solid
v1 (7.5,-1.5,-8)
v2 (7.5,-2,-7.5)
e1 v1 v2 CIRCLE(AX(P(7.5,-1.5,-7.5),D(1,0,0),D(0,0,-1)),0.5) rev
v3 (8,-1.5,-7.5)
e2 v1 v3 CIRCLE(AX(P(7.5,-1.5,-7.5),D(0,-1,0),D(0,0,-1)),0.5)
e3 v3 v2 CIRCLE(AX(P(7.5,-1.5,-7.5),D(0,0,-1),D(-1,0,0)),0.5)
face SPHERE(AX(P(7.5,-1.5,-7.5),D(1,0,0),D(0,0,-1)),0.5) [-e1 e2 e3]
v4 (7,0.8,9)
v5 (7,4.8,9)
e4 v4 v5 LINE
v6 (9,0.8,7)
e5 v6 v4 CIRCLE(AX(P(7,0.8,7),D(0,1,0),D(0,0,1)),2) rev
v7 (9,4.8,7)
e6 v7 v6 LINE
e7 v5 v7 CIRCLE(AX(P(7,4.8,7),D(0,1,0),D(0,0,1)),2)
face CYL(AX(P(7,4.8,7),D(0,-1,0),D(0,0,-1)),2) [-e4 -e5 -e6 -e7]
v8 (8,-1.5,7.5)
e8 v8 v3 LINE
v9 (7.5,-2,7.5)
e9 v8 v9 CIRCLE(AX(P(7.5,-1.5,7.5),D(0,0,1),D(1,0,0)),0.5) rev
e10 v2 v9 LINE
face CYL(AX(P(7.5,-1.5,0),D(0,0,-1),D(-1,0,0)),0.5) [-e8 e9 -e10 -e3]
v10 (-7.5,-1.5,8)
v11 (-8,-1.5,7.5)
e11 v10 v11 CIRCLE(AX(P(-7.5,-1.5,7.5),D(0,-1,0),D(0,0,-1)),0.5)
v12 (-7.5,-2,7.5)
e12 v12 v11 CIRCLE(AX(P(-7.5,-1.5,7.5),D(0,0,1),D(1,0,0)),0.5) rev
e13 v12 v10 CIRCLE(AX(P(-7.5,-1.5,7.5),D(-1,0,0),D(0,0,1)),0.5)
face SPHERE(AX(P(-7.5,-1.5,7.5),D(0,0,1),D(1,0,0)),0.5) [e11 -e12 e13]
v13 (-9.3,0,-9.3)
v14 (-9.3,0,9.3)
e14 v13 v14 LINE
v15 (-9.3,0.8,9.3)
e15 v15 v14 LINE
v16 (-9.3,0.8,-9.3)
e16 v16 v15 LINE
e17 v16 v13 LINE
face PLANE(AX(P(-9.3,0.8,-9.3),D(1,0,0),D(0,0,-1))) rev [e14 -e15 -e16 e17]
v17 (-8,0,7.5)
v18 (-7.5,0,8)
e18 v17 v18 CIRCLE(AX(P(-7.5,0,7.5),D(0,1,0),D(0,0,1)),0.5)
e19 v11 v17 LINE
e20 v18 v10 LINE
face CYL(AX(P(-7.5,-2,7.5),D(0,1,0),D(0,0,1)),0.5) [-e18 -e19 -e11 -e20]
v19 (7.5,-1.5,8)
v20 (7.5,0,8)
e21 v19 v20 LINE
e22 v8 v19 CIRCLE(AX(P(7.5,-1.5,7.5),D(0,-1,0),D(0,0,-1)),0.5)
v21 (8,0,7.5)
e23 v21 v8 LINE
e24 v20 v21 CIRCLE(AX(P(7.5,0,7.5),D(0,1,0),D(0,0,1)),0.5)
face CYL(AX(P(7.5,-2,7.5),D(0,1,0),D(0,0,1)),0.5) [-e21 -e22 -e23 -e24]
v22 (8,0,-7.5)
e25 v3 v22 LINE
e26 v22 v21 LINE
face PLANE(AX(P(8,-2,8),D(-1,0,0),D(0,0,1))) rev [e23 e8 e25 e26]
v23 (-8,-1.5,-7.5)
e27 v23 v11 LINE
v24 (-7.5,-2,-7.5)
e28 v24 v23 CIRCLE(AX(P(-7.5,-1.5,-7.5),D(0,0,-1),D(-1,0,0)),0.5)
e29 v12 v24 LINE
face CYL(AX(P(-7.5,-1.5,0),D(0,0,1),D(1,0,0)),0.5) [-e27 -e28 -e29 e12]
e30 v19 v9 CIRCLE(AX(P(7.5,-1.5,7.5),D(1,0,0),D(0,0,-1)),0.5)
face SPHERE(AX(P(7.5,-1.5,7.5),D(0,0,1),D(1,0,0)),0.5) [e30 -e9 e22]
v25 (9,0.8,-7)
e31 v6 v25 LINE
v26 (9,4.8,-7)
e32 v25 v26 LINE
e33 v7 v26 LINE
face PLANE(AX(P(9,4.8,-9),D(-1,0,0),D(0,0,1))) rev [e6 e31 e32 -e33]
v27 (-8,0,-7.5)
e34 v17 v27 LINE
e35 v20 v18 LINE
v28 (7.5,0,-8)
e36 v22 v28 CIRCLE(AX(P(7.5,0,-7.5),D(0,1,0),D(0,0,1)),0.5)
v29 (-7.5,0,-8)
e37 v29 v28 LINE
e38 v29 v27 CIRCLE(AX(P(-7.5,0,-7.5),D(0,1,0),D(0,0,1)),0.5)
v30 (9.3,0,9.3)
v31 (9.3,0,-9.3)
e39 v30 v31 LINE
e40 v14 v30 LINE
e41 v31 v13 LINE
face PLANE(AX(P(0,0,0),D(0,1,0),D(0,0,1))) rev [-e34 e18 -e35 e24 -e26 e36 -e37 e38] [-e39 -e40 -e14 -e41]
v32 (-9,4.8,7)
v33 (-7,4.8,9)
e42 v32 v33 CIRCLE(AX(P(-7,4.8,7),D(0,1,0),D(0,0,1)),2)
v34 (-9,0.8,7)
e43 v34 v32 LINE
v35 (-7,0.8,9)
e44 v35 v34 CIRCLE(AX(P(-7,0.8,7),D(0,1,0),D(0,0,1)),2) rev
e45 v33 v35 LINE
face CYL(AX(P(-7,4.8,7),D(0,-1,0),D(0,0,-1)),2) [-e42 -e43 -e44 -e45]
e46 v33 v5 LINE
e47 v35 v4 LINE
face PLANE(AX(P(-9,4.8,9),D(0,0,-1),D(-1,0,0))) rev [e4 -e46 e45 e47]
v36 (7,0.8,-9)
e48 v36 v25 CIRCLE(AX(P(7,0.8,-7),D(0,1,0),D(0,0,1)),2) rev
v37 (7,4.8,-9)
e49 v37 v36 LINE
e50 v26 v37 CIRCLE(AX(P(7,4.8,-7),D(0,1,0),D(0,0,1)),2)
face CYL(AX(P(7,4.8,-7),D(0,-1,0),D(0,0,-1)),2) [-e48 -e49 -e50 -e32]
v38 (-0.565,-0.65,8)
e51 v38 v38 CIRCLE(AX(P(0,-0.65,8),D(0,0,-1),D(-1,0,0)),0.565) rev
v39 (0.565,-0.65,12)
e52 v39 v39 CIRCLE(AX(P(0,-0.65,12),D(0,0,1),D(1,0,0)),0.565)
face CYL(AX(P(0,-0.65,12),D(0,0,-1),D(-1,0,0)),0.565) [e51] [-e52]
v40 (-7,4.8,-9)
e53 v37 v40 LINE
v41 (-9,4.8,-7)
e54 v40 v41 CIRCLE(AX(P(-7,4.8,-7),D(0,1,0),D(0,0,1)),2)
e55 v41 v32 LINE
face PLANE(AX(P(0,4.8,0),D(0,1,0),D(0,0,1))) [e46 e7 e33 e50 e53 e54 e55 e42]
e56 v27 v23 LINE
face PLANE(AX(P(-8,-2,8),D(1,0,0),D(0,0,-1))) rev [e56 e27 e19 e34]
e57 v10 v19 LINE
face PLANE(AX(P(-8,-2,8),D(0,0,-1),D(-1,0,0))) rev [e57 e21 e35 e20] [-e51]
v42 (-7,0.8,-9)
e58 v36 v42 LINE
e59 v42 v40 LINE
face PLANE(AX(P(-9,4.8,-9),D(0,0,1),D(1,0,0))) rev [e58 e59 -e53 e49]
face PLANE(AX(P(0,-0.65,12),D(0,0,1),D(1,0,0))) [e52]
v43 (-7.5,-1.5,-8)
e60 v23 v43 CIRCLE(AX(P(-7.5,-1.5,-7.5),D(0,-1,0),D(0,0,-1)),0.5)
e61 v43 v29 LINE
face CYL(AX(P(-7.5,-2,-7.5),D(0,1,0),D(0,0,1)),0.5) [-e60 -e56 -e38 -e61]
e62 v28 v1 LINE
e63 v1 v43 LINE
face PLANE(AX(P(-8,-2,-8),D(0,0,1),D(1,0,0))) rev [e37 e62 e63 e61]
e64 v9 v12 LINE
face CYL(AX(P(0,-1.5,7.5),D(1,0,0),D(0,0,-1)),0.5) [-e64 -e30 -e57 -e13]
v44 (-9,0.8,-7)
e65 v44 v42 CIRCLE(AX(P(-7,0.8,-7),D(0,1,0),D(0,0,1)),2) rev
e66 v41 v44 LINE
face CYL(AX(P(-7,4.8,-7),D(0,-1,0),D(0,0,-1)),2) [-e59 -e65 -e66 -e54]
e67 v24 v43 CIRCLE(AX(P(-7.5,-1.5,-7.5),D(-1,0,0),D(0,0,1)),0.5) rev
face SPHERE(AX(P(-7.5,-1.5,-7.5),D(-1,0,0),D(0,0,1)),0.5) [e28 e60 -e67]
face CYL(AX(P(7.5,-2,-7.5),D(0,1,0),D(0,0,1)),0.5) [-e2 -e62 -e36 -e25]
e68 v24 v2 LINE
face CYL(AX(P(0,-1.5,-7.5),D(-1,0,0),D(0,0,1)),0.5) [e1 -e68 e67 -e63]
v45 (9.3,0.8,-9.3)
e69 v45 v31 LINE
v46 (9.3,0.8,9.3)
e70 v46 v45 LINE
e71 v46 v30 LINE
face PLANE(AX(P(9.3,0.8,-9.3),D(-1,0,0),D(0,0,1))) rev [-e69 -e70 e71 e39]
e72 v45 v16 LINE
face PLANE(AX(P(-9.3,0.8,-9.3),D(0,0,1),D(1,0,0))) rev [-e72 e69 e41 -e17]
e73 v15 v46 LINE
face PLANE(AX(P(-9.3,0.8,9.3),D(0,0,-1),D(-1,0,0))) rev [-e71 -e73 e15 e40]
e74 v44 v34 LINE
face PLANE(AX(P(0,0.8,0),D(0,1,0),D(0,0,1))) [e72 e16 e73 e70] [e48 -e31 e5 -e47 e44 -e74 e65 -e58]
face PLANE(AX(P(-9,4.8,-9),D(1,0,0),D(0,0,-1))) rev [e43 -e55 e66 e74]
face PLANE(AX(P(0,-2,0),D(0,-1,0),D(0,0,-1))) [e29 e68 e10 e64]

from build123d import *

# Parameters (mm, degrees)
SKETCH1_W    = 18.6
SKETCH1_H    = 18.6
PCB_DEPTH    = 0.8
SKETCH2_W    = 18
SKETCH2_H    = 18
PATCH_DEPTH  = 4
SKETCH3_W    = 16
SKETCH3_H    = 16
RADOME_DEPTH = 2
FILLET1_R    = 2
FILLET2_R    = 0.5
SKETCH4_R    = 0.565
CABLE_DEPTH  = 12


with BuildPart() as part:
    # Sketch1 → PCB (new body)
    with BuildSketch(Plane(origin=(0, 0, 0), x_dir=(1, 0, 0), z_dir=(0, 1, 0))):
        Rectangle(SKETCH1_W, SKETCH1_H)
    extrude(amount=PCB_DEPTH)

    # Sketch2 → PATCH (add)
    with BuildSketch(Plane(origin=(0, 0.8, 0), x_dir=(1, 0, 0), z_dir=(0, 1, 0))):
        Rectangle(SKETCH2_W, SKETCH2_H)
    extrude(amount=PATCH_DEPTH)

    # Sketch3 → RADOME (add)
    with BuildSketch(Plane.XZ):
        Rectangle(SKETCH3_W, SKETCH3_H)
    extrude(amount=RADOME_DEPTH)

    # Fillet1
    fillet1_edges = [part.edges().sort_by_distance(p)[0] for p in [
        (9, 2.8, 9),
        (9, 2.8, -9),
        (-9, 2.8, -9),
        (-9, 2.8, 9),
    ]]
    fillet(fillet1_edges, radius=FILLET1_R)

    # Fillet2
    fillet2_edges = [part.edges().sort_by_distance(p)[0] for p in [
        (8, -1, -8),
        (8, -1, 8),
        (-8, -1, 8),
        (-8, -1, -8),
        (8, -2, 0),
        (0, -2, 8),
        (-8, -2, 0),
        (0, -2, -8),
    ]]
    fillet(fillet2_edges, radius=FILLET2_R)

    # Sketch4 → CABLE (add)
    with BuildSketch(Plane.XY):
        with Locations(Location((0, -0.65, 0), (0, 0, 180))):
            Circle(SKETCH4_R)
    extrude(amount=CABLE_DEPTH)


solid = part.part
